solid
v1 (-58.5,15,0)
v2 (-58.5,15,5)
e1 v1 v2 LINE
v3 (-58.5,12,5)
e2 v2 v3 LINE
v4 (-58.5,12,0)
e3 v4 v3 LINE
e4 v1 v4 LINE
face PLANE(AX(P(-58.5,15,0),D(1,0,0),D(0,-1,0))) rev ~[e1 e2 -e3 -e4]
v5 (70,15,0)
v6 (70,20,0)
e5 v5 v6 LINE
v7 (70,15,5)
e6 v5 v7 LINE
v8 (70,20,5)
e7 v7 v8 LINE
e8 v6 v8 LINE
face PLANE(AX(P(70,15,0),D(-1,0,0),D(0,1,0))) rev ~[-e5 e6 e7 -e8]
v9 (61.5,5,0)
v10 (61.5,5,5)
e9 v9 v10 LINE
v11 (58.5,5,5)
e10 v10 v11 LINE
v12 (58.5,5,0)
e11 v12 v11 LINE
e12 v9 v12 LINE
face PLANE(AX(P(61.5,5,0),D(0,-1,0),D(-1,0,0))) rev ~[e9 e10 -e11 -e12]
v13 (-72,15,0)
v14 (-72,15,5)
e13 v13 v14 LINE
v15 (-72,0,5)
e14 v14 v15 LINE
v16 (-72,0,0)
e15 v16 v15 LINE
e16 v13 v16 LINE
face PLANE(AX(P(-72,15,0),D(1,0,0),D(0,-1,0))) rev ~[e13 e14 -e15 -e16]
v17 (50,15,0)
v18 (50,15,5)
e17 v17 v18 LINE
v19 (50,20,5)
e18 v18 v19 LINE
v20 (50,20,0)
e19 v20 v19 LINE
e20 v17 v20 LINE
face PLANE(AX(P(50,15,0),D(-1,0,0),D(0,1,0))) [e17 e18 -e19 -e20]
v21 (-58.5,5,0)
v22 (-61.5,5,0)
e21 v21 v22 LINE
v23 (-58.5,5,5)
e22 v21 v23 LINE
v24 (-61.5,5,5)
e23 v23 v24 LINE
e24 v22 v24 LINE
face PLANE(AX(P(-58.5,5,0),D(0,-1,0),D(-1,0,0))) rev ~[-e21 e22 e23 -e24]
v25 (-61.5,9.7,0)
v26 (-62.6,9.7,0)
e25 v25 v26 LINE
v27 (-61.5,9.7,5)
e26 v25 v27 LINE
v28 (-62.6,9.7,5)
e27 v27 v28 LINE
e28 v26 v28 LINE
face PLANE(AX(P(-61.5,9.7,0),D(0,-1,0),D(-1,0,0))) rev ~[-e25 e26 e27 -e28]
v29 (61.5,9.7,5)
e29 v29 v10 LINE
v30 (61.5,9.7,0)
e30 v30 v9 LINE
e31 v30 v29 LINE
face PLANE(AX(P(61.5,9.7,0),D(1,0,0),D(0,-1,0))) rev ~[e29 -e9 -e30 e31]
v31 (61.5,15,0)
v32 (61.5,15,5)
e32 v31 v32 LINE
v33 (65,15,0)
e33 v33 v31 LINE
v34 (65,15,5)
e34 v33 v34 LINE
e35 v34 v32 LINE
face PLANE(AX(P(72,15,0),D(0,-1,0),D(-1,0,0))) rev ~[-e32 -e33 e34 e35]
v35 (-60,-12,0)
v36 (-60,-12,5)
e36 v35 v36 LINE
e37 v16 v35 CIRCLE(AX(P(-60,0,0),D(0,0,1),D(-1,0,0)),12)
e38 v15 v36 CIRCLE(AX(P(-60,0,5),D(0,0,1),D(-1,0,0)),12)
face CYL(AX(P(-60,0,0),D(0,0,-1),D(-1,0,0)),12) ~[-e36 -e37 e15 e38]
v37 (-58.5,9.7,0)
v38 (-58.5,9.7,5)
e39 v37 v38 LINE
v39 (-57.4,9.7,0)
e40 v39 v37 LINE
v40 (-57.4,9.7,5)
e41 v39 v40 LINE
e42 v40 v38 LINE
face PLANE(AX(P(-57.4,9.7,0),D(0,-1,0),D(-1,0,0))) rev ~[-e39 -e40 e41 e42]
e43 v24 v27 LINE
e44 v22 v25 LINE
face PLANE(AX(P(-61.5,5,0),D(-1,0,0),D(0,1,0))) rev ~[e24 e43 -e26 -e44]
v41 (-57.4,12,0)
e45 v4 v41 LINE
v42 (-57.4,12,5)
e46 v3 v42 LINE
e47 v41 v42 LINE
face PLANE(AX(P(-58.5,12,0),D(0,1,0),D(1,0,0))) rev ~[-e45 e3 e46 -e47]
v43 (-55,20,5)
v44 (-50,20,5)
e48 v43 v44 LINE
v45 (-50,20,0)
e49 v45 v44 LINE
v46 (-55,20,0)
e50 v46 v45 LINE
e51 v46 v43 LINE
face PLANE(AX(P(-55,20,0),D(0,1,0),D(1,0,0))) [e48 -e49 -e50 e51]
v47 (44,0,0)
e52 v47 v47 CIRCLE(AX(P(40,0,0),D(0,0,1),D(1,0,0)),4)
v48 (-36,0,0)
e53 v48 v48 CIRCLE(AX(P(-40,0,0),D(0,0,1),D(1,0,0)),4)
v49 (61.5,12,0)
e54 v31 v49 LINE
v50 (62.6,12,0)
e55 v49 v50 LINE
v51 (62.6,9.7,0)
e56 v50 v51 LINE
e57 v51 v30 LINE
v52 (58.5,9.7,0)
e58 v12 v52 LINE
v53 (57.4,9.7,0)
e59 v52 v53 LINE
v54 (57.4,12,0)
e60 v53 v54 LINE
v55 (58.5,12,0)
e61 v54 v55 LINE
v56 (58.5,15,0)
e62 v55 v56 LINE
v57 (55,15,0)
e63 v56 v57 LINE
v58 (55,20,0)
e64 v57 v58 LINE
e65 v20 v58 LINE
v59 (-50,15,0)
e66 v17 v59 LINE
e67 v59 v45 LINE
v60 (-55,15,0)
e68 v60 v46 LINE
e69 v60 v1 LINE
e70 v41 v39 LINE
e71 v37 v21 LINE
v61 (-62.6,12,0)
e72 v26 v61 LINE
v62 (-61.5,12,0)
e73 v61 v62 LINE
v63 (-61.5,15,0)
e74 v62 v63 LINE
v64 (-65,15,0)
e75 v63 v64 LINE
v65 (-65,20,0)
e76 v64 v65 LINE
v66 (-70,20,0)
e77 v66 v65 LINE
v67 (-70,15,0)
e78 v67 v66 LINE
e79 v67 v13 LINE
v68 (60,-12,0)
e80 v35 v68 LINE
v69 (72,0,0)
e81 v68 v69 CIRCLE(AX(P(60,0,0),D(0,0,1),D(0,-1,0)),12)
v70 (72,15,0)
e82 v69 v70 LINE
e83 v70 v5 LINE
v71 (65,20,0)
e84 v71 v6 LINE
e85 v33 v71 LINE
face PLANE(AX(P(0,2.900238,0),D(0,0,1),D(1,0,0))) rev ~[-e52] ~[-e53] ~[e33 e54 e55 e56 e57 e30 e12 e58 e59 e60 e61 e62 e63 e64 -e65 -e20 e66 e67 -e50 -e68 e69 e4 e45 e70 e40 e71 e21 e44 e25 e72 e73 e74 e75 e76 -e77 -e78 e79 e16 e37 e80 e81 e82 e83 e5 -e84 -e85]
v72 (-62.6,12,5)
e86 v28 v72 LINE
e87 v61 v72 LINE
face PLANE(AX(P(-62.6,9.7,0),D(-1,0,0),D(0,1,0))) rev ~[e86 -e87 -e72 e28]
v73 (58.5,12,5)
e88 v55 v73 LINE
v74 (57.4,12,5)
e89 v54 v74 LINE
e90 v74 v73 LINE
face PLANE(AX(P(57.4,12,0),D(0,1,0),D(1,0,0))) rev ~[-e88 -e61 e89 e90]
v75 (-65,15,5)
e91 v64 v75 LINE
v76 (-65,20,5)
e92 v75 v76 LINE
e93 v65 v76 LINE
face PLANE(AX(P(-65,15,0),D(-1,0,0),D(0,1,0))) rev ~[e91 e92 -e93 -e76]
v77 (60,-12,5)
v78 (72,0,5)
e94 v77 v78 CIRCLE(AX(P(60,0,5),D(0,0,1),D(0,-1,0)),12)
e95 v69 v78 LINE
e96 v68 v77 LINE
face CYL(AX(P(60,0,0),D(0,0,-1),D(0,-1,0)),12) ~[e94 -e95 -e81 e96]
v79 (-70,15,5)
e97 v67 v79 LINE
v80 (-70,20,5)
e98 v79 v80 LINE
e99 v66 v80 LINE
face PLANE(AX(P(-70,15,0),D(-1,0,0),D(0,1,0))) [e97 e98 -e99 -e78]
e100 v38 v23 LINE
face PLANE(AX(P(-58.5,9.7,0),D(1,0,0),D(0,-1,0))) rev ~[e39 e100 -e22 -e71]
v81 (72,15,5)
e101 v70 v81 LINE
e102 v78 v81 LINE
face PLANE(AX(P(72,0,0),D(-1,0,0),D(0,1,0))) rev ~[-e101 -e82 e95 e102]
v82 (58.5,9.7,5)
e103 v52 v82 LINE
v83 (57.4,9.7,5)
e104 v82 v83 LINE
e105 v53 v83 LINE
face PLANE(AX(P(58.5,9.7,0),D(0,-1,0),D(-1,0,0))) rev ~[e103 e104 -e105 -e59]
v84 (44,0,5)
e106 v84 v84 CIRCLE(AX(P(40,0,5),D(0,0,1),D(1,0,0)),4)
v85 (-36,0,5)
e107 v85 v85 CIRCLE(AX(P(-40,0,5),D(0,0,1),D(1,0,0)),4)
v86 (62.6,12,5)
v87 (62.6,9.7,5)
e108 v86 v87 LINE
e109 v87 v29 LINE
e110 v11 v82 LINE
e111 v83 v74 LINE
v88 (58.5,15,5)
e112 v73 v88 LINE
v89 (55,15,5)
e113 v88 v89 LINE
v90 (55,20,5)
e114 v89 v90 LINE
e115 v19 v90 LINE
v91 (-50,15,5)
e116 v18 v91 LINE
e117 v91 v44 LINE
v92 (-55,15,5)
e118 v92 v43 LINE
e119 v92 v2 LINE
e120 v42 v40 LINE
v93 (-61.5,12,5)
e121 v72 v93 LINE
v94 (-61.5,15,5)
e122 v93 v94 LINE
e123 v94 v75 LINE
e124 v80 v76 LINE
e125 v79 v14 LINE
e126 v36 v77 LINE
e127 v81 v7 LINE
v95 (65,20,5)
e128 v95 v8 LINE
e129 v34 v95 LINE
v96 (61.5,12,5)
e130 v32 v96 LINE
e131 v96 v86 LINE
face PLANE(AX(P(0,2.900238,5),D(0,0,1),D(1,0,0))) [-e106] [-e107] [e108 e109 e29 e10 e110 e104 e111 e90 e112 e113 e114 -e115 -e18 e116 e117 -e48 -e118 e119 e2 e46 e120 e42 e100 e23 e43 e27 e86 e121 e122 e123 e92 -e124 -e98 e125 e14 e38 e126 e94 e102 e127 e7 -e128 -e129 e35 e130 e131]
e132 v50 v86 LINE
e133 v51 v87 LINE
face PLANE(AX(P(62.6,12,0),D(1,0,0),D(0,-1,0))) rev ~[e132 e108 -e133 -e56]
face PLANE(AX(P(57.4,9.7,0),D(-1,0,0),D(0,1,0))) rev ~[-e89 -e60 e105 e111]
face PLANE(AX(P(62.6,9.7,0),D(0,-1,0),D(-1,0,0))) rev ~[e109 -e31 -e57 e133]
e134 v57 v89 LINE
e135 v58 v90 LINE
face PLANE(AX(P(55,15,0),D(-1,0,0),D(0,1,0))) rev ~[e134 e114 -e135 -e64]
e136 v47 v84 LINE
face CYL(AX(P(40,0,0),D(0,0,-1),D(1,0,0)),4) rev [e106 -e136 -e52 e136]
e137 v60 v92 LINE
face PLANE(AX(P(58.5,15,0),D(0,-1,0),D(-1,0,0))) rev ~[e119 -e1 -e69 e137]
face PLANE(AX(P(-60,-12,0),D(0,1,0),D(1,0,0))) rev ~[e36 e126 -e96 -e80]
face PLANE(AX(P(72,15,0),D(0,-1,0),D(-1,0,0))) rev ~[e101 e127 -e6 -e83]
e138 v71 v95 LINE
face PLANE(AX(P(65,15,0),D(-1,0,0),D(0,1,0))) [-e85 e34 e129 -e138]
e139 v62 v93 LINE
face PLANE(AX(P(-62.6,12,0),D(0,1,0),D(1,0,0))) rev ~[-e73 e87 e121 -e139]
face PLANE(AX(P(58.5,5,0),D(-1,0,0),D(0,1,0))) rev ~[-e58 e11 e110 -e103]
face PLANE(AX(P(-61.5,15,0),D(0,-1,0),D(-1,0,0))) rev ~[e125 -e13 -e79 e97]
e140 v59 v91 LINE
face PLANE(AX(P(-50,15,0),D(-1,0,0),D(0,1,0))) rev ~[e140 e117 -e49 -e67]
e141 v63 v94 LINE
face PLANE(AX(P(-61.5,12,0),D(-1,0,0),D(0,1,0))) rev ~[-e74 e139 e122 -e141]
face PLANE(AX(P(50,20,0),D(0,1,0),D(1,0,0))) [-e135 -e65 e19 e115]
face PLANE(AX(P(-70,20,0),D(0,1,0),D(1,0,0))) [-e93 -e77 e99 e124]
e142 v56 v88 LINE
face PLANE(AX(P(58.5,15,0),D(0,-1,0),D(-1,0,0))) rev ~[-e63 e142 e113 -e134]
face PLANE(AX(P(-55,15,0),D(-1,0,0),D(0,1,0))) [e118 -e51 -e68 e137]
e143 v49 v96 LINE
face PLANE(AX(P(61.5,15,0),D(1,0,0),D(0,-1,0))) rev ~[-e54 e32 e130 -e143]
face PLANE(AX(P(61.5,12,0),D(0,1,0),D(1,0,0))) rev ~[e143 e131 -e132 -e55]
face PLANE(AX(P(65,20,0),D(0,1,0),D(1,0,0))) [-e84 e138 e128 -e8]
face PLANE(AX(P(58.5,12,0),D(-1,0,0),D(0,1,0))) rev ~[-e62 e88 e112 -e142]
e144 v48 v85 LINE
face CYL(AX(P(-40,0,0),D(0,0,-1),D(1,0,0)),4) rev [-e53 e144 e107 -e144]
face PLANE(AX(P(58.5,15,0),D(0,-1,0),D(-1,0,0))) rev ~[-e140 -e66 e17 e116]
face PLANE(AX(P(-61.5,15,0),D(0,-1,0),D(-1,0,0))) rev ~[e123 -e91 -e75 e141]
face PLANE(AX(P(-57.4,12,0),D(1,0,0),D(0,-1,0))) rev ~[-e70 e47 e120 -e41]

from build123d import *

# Parameters (mm, degrees)
SKETCH1_R           = 4
SKETCH1_W           = 5
SKETCH1_H           = 5
BOSS_EXTRUDE2_DEPTH = 5


with BuildPart() as part:
    # Sketch1 → Boss-Extrude2 (new body)
    # profile 1 of 5: a face of its own
    with BuildSketch(Plane.XY):
        with BuildLine():
            Line((-72, 15), (-72, 0))
            ThreePointArc((-72, 0), (-68.485281374, -8.485281374), (-60, -12))
            Line((-60, -12), (60, -12))
            ThreePointArc((60, -12), (68.485281374, -8.485281374), (72, 0))
            Line((72, 0), (72, 15))
            Line((72, 15), (70, 15))
            Line((70, 15), (65, 15))
            Line((65, 15), (61.5, 15))
            Line((61.5, 15), (61.5, 12))
            Line((61.5, 12), (62.6, 12))
            Line((62.6, 12), (62.6, 9.7))
            Line((62.6, 9.7), (61.5, 9.7))
            Line((61.5, 9.7), (61.5, 5))
            Line((61.5, 5), (58.5, 5))
            Line((58.5, 5), (58.5, 9.7))
            Line((58.5, 9.7), (57.4, 9.7))
            Line((57.4, 9.7), (57.4, 12))
            Line((57.4, 12), (58.5, 12))
            Line((58.5, 12), (58.5, 15))
            Line((58.5, 15), (55, 15))
            Line((55, 15), (50, 15))
            Line((50, 15), (-50, 15))
            Line((-50, 15), (-55, 15))
            Line((-55, 15), (-58.5, 15))
            Line((-58.5, 15), (-58.5, 12))
            Line((-58.5, 12), (-57.4, 12))
            Line((-57.4, 12), (-57.4, 9.7))
            Line((-57.4, 9.7), (-58.5, 9.7))
            Line((-58.5, 9.7), (-58.5, 5))
            Line((-58.5, 5), (-61.5, 5))
            Line((-61.5, 5), (-61.5, 9.7))
            Line((-61.5, 9.7), (-62.6, 9.7))
            Line((-62.6, 9.7), (-62.6, 12))
            Line((-62.6, 12), (-61.5, 12))
            Line((-61.5, 12), (-61.5, 15))
            Line((-61.5, 15), (-65, 15))
            Line((-65, 15), (-70, 15))
            Line((-70, 15), (-72, 15))
        make_face()
        with Locations((-40, 0)):
            Circle(SKETCH1_R, mode=Mode.SUBTRACT)
        with Locations((40, 0)):
            Circle(SKETCH1_R, mode=Mode.SUBTRACT)
    # profile 2 of 5: a face of its own
    with BuildSketch(Plane.XY):
        with Locations((52.5, 17.5)):
            Rectangle(SKETCH1_W, SKETCH1_H)
    # profile 3 of 5: a face of its own
    with BuildSketch(Plane.XY):
        with Locations((67.5, 17.5)):
            Rectangle(SKETCH1_W, SKETCH1_H)
    # profile 4 of 5: a face of its own
    with BuildSketch(Plane.XY):
        with Locations((-67.5, 17.5)):
            Rectangle(SKETCH1_W, SKETCH1_H)
    # profile 5 of 5: a face of its own
    with BuildSketch(Plane.XY):
        with Locations((-52.5, 17.5)):
            Rectangle(SKETCH1_W, SKETCH1_H)
    extrude(amount=BOSS_EXTRUDE2_DEPTH)


solid = part.part
